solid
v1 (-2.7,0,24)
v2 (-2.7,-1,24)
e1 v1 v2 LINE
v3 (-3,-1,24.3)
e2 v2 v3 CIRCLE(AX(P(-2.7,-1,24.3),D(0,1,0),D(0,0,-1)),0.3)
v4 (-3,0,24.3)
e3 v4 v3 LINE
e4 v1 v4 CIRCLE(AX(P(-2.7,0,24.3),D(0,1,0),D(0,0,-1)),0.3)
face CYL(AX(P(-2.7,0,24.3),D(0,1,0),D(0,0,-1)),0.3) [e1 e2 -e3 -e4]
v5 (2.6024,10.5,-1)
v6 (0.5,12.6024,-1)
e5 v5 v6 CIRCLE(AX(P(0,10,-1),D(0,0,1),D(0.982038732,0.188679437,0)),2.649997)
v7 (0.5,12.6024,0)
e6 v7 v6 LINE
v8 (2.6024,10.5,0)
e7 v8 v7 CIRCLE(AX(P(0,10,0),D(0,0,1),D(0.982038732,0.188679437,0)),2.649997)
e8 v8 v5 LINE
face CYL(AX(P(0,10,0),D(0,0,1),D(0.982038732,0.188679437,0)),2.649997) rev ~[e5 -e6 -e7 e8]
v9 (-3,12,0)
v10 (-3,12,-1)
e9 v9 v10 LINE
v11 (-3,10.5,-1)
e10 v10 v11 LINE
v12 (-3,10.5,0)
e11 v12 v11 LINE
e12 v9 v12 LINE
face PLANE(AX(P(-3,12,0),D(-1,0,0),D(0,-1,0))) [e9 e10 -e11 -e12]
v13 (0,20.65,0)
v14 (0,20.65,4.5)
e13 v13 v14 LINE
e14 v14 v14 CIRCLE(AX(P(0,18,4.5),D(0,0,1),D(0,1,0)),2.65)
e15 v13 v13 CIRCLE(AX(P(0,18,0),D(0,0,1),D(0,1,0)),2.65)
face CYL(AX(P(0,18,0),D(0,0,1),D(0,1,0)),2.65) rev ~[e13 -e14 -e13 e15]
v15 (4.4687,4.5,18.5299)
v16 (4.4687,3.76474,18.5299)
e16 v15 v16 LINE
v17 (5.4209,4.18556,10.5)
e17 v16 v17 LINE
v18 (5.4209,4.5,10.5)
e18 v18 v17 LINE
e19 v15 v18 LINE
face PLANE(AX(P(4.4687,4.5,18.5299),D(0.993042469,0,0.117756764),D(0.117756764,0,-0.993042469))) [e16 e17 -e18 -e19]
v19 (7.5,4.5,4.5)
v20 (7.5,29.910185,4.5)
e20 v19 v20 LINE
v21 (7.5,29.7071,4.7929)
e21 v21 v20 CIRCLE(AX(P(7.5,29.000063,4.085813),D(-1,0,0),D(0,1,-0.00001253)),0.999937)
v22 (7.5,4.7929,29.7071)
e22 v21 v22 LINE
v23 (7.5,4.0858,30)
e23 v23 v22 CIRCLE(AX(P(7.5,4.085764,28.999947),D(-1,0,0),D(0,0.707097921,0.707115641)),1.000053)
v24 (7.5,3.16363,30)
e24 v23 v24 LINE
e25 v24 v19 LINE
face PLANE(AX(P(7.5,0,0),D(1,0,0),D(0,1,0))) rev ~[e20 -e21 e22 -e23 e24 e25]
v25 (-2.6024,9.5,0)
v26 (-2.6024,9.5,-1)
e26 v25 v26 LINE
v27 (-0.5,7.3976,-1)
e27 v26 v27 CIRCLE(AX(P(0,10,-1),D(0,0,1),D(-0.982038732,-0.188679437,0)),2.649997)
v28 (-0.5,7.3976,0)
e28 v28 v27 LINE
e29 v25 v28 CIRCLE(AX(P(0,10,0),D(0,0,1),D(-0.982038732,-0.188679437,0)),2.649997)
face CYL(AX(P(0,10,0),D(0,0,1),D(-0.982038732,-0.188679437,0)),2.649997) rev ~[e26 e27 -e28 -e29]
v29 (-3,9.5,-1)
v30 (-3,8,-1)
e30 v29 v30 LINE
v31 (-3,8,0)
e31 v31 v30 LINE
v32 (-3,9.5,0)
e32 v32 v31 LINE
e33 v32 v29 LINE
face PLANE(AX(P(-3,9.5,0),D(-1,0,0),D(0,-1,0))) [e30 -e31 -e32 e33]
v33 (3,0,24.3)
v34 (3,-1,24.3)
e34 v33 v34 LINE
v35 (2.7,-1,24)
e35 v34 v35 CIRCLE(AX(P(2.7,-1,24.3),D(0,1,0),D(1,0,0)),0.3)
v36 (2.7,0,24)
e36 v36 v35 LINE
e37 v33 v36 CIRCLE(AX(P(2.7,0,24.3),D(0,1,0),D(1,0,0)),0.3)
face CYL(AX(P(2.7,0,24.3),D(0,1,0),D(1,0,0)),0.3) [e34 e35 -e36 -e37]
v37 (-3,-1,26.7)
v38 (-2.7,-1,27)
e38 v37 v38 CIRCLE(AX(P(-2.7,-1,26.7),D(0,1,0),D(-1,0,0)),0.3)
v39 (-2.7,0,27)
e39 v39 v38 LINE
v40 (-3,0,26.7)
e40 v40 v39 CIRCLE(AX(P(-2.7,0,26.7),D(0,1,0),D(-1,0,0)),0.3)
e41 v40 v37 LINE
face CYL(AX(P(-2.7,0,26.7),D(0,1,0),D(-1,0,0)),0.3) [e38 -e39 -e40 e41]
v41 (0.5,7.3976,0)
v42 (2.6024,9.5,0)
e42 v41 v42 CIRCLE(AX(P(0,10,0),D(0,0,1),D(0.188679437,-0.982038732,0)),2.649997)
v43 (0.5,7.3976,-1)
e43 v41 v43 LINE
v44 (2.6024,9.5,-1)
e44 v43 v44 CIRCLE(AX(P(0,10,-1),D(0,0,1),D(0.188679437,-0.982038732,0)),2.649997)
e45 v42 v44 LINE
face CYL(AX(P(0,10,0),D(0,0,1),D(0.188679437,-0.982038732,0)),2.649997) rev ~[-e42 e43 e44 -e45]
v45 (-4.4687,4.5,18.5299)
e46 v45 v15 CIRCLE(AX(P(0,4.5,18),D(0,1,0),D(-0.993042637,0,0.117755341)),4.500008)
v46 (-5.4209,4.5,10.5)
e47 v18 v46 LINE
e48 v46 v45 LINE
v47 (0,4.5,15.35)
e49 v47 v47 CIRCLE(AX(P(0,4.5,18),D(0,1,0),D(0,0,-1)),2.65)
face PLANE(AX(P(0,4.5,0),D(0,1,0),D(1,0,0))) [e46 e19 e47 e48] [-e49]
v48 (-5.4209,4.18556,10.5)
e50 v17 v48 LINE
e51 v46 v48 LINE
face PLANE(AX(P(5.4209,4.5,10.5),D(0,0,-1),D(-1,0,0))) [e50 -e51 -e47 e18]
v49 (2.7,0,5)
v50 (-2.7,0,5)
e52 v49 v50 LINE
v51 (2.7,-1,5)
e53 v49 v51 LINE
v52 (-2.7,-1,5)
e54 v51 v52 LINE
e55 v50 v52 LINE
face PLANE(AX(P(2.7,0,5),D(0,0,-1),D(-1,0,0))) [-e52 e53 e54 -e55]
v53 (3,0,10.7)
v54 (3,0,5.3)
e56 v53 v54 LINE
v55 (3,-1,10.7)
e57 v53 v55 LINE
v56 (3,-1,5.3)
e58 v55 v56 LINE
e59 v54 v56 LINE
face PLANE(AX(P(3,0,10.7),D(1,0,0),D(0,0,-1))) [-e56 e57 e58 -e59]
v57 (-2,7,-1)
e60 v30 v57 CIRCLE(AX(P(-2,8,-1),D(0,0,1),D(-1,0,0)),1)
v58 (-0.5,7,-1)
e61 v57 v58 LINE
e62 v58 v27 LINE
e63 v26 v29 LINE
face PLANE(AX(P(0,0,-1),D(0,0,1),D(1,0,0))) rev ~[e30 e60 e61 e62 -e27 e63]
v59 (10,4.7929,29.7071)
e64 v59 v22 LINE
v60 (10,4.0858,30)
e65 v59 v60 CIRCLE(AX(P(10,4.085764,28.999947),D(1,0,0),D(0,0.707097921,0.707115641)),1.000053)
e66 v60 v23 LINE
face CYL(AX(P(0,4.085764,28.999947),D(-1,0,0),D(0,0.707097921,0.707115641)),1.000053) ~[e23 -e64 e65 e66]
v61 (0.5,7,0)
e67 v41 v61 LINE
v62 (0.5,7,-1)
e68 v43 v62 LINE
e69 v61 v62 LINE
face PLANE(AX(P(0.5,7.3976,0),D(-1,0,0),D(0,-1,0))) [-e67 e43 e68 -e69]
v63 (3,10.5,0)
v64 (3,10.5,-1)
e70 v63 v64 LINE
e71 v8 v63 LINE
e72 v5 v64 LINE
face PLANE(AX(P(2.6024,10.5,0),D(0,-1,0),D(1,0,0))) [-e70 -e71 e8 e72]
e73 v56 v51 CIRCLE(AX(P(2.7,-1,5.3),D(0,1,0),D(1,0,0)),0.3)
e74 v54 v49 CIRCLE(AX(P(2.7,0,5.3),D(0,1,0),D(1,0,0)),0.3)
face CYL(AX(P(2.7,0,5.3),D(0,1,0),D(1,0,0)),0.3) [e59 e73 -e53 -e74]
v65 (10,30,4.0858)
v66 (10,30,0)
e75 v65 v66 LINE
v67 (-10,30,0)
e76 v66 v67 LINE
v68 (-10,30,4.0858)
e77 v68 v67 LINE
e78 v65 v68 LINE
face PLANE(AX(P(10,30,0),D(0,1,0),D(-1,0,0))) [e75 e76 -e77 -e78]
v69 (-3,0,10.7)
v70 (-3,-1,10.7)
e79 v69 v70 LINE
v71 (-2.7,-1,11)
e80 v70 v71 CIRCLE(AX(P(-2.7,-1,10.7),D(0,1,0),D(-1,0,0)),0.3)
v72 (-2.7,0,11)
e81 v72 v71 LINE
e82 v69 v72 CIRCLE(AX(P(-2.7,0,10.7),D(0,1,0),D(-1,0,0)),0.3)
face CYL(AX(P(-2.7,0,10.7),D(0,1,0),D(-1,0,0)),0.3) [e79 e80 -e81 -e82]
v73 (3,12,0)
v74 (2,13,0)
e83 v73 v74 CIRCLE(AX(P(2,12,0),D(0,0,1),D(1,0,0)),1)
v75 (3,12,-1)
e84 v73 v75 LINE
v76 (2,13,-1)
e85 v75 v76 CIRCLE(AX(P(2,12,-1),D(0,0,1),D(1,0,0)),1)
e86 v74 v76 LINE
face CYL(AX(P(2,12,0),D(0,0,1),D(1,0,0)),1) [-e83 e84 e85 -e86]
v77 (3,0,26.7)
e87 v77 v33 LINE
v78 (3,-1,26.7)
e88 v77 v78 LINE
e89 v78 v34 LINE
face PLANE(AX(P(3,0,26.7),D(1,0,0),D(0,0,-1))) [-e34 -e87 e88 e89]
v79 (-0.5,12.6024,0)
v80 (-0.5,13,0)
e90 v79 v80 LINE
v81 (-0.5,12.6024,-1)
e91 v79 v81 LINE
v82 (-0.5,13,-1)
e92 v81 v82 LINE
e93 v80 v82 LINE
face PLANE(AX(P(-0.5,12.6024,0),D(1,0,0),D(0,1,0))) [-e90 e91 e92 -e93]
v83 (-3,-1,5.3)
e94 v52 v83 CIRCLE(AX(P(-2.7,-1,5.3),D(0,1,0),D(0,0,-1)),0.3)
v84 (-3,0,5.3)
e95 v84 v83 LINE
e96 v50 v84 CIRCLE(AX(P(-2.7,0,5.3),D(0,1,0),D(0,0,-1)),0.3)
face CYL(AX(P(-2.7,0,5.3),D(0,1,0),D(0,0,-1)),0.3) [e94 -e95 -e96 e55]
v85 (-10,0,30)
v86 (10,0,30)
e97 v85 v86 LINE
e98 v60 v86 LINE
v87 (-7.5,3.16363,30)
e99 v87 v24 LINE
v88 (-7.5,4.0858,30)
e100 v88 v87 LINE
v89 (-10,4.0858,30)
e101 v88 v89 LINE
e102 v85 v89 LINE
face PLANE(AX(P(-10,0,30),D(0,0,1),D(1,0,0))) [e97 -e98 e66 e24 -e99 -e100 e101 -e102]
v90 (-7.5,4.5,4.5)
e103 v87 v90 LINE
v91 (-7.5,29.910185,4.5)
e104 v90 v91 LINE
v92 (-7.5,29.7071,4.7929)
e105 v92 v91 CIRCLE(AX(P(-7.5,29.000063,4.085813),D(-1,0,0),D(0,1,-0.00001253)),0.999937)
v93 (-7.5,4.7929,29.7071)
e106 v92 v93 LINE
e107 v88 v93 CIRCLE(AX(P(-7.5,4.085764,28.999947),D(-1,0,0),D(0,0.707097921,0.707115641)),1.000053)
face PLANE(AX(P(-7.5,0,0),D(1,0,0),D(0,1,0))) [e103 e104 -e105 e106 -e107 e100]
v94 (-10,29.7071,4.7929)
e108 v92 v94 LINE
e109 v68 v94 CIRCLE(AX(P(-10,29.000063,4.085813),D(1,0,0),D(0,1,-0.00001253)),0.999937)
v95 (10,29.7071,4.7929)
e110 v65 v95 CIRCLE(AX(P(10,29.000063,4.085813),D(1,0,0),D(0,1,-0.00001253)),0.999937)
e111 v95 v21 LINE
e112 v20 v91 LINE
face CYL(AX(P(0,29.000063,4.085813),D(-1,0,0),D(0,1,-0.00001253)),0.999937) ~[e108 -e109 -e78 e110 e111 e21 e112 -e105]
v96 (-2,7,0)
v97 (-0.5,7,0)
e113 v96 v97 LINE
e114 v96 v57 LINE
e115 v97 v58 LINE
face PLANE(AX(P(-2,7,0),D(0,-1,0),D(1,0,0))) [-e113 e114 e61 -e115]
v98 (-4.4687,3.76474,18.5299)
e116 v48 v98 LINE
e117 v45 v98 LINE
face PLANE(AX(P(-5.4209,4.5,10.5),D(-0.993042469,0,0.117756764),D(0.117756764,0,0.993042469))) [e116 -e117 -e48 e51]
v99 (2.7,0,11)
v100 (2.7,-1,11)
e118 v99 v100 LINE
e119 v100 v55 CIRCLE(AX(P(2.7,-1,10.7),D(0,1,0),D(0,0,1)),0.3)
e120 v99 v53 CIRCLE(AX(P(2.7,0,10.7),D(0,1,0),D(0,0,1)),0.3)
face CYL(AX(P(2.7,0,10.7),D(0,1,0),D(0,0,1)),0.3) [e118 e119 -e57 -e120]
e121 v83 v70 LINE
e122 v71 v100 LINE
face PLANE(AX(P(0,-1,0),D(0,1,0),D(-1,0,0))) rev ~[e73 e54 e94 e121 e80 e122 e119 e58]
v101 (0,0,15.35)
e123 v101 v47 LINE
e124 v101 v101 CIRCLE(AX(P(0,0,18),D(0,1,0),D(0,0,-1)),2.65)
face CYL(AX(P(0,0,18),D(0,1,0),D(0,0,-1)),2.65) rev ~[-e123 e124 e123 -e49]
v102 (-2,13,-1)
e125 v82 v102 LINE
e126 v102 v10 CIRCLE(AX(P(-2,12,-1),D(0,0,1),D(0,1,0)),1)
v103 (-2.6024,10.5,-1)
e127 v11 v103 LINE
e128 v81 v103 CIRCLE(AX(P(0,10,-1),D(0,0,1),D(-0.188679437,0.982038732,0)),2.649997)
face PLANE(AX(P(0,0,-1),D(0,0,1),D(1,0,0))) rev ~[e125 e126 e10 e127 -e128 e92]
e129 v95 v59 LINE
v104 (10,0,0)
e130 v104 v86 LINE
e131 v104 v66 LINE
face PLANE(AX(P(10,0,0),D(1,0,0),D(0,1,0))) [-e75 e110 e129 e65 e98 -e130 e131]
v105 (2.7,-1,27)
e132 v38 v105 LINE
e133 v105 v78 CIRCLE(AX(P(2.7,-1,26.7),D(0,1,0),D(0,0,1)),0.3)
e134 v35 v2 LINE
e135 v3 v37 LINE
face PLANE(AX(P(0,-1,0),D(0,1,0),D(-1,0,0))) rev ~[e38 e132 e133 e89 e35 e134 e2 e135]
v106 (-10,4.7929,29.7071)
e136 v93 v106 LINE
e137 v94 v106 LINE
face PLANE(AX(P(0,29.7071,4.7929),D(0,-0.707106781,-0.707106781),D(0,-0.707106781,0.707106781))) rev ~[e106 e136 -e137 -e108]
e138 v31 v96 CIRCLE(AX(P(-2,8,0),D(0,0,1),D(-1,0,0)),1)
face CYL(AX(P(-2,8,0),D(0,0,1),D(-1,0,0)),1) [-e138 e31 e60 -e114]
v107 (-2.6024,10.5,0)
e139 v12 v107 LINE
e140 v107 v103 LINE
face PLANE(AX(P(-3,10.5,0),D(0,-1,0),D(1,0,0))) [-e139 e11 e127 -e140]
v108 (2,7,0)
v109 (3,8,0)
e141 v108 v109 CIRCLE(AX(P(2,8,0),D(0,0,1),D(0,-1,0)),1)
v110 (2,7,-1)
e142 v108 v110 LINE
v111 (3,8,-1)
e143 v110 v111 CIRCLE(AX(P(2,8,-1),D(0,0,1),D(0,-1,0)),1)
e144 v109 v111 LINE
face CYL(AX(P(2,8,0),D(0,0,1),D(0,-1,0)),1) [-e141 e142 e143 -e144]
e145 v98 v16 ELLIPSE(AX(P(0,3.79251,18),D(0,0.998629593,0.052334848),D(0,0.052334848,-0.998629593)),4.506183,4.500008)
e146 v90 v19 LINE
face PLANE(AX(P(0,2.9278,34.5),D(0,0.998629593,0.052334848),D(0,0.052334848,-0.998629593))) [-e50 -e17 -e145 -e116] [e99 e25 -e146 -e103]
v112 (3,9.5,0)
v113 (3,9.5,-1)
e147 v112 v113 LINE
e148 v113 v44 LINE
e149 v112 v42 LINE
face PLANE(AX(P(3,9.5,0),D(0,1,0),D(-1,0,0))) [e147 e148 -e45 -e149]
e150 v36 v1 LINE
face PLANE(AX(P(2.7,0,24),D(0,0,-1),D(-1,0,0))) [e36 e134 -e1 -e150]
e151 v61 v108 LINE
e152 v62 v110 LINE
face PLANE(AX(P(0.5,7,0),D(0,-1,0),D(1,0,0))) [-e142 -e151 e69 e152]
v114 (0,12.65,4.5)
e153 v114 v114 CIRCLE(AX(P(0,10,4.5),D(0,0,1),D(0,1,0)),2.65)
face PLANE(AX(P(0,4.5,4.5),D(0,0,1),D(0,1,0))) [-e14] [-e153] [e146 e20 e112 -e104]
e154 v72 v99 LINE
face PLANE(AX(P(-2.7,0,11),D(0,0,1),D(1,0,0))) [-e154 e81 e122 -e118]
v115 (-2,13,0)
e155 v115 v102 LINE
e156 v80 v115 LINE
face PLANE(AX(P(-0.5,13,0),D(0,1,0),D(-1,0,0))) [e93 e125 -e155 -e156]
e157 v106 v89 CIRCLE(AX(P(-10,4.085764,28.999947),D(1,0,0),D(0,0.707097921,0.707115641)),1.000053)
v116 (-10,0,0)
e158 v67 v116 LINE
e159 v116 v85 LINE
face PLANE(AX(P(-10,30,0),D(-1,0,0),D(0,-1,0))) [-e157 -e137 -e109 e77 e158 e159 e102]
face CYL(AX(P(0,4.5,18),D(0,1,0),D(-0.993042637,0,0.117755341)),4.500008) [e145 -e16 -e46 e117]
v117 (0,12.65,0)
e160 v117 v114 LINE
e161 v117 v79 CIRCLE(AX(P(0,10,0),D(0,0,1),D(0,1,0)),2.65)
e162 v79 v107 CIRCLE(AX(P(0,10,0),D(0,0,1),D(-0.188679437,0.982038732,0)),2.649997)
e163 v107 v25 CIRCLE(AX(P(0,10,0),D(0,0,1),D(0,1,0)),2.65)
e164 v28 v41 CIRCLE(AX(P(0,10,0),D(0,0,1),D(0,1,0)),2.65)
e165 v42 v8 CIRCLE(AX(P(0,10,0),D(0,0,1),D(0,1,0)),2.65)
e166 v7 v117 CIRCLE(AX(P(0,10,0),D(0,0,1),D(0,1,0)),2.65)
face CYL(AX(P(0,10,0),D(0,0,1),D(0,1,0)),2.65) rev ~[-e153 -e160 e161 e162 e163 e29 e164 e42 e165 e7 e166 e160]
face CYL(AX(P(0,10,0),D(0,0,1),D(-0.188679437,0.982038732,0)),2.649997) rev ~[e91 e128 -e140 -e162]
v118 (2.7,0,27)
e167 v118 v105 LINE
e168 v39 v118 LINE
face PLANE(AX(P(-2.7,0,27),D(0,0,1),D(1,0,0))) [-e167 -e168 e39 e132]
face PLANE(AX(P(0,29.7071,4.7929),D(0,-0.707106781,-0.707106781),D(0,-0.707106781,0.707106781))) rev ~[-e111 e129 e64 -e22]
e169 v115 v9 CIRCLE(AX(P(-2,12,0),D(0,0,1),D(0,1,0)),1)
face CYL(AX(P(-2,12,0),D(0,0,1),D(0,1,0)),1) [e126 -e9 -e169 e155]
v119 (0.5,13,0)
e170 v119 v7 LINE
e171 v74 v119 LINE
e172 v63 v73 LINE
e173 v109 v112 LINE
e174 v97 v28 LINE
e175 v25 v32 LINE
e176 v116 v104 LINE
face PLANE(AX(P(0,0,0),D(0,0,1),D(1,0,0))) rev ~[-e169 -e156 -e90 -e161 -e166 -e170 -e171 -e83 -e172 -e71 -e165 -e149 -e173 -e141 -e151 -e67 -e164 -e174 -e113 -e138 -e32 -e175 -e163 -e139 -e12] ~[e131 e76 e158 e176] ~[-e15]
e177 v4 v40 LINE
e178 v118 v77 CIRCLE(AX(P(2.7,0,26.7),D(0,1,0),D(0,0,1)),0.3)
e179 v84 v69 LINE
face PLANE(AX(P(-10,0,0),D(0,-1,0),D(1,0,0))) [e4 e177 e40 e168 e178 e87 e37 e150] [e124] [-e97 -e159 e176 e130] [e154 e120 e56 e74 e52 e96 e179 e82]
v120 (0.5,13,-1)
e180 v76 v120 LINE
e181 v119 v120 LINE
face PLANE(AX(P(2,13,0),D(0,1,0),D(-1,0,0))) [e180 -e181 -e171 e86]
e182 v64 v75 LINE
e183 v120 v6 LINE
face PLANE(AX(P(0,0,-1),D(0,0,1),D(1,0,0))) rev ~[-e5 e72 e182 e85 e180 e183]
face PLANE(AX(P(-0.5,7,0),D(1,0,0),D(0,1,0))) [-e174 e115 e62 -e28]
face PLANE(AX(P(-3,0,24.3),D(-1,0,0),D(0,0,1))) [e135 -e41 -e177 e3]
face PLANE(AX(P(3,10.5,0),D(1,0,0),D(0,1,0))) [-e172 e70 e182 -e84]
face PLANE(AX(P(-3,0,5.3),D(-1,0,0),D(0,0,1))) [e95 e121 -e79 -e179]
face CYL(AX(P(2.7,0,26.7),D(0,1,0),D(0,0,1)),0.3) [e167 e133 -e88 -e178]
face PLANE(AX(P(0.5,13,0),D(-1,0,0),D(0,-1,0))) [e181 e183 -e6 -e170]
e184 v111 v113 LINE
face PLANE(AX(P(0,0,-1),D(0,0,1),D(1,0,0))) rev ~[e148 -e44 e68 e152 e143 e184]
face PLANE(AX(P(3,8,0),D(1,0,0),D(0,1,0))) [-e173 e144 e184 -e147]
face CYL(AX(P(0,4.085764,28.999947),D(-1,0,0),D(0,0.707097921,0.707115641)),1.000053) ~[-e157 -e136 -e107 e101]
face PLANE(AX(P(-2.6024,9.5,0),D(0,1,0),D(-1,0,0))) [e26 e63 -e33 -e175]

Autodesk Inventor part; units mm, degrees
sketch "Sketch_15" plane through (0, 0, 0) normal (1, 0, 0) x (0, 1, 0)
  line L0 (0, 30) -> (0, 0)
  line L1 (0, 0) -> (30, 0)
  line L2 (30, 0) -> (30, 4.0858)
  arc A0 (30, 4.0858) -> (29.7071, 4.7929) centre (29, 4.0858) ccw
  line L3 (29.7071, 4.7929) -> (4.7929, 29.7071)
  arc A1 (4.7929, 29.7071) -> (4.0858, 30) centre (4.0858, 29) ccw
  line L4 (4.0858, 30) -> (0, 30)
extrude "Extrusion1" add sketch "Sketch_15" along normal mid plane 20
sketch "Sketch_16" plane through (0, 0, 0) normal (1, 0, 0) x (0, 1, 0)
  line L0 (2.9278, 34.5) -> (4.5, 4.5)
  line L1 (4.5, 4.5) -> (34.5, 4.5)
  line L2 (34.5, 4.5) -> (34.5, 34.5)
  line L3 (34.5, 34.5) -> (2.9278, 34.5)
extrude "Extrusion2" cut sketch "Sketch_16" along normal mid plane 15
sketch "Sketch_17" plane through (0, 4.5, 0) normal (0, 1, 0) x (1, 0, 0)
  line L0 (-5.4209, -10.5) -> (-4.4687, -18.5299)
  arc A0 (-4.4687, -18.5299) -> (4.4687, -18.5299) centre (0, -18) ccw
  line L1 (4.4687, -18.5299) -> (5.4209, -10.5)
  line L2 (5.4209, -10.5) -> (-5.4209, -10.5)
extrude "Extrusion3" add sketch "Sketch_17" against normal blind 2.25
sketch "Sketch4" plane through (10, 0, 0) normal (0, 0, -1) x (-1, 0, 0)
  point P0 (10, 18)
hole "Hole1" at (0, 18, 0) direction (0, 0, 1) diameter 5.3 depth 4.5
sketch "Sketch5" plane through (10, 0, 0) normal (0, 0, -1) x (-1, 0, 0)
  point P0 (10, 10)
hole "Hole2" at (0, 10, 0) direction (0, 0, 1) diameter 5.3 depth 4.5
sketch "Sketch6" plane through (-10, 0, 30) normal (0, -1, 0) x (1, 0, 0)
  point P0 (10, -12)
hole "Hole3" at (0, 0, 18) direction (0, 1, 0) diameter 5.3 depth 4.5
sketch "Sketch_1" plane through (0, 0, 0) normal (0, 1, 0) x (-1, 0, 0)
  line L0 (10, 0) -> (10, 30)
  line L1 (10, 30) -> (-10, 30)
  line L2 (-10, 30) -> (-10, 0)
  line L3 (-10, 0) -> (10, 0)
extrude "Extrusion4" add sketch "Sketch_1" against normal blind 1
sketch "Sketch_4" plane through (0, 0, 0) normal (0, 1, 0) x (-1, 0, 0)
  line L0 (10, 0) -> (10, 30)
  line L1 (10, 30) -> (-10, 30)
  line L2 (-10, 30) -> (-10, 0)
  line L3 (-10, 0) -> (10, 0)
  arc A0 (3, 10.7) -> (2.7, 11) centre (2.7, 10.7) ccw
  line L4 (2.7, 11) -> (-2.7, 11)
  arc A1 (-2.7, 11) -> (-3, 10.7) centre (-2.7, 10.7) ccw
  line L5 (-3, 10.7) -> (-3, 5.3)
  arc A2 (-3, 5.3) -> (-2.7, 5) centre (-2.7, 5.3) ccw
  line L6 (-2.7, 5) -> (2.7, 5)
  arc A3 (2.7, 5) -> (3, 5.3) centre (2.7, 5.3) ccw
  line L7 (3, 5.3) -> (3, 10.7)
  arc A4 (3, 26.7) -> (2.7, 27) centre (2.7, 26.7) ccw
  line L8 (2.7, 27) -> (-2.7, 27)
  arc A5 (-2.7, 27) -> (-3, 26.7) centre (-2.7, 26.7) ccw
  line L9 (-3, 26.7) -> (-3, 24.3)
  arc A6 (-3, 24.3) -> (-2.7, 24) centre (-2.7, 24.3) ccw
  line L10 (-2.7, 24) -> (2.7, 24)
  arc A7 (2.7, 24) -> (3, 24.3) centre (2.7, 24.3) ccw
  line L11 (3, 24.3) -> (3, 26.7)
extrude "Extrusion5" cut sketch "Sketch_4" against normal blind 1
sketch "Sketch_10" plane through (0, 0, 0) normal (0, 0, 1) x (1, 0, 0)
  line L0 (-10, 0) -> (10, 0)
  line L1 (10, 0) -> (10, 30)
  line L2 (10, 30) -> (-10, 30)
  line L3 (-10, 30) -> (-10, 0)
extrude "Extrusion6" add sketch "Sketch_10" against normal blind 1
sketch "Sketch_11" plane through (0, 0, 0) normal (0, 0, 1) x (1, 0, 0)
  line L0 (-10, 0) -> (10, 0)
  line L1 (10, 0) -> (10, 30)
  line L2 (10, 30) -> (-10, 30)
  line L3 (-10, 30) -> (-10, 0)
  line L4 (0.5, 7) -> (2, 7)
  arc A0 (2, 7) -> (3, 8) centre (2, 8) ccw
  line L5 (3, 8) -> (3, 9.5)
  line L6 (3, 9.5) -> (2.6024, 9.5)
  arc A1 (0.5, 7.3976) -> (2.6024, 9.5) centre (0, 10) ccw
  line L7 (0.5, 7.3976) -> (0.5, 7)
  line L8 (0.5, 13) -> (0.5, 12.6024)
  arc A2 (2.6024, 10.5) -> (0.5, 12.6024) centre (0, 10) ccw
  line L9 (2.6024, 10.5) -> (3, 10.5)
  line L10 (3, 10.5) -> (3, 12)
  arc A3 (3, 12) -> (2, 13) centre (2, 12) ccw
  line L11 (2, 13) -> (0.5, 13)
  line L12 (-3, 9.5) -> (-3, 8)
  arc A4 (-3, 8) -> (-2, 7) centre (-2, 8) ccw
  line L13 (-2, 7) -> (-0.5, 7)
  line L14 (-0.5, 7) -> (-0.5, 7.3976)
  arc A5 (-2.6024, 9.5) -> (-0.5, 7.3976) centre (0, 10) ccw
  line L15 (-2.6024, 9.5) -> (-3, 9.5)
  line L16 (-3, 10.5) -> (-2.6024, 10.5)
  arc A6 (-0.5, 12.6024) -> (-2.6024, 10.5) centre (0, 10) ccw
  line L17 (-0.5, 12.6024) -> (-0.5, 13)
  line L18 (-0.5, 13) -> (-2, 13)
  arc A7 (-2, 13) -> (-3, 12) centre (-2, 12) ccw
  line L19 (-3, 12) -> (-3, 10.5)
extrude "Extrusion7" cut sketch "Sketch_11" against normal blind 1
ref_plane "bracket_to_bolt_XY" through (1, 10, 0) normal (0, 0, 1) x (1, 0, 0)
ref_plane "bracket_to_bolt_YZ" through (1, 10, 0) normal (1, 0, 0) x (0, 1, 0)
ref_plane "bracket_to_bolt_ZX" through (1, 10, 0) normal (0, 1, 0) x (0, 0, 1)
ref_plane "bracket_to_dummy_XY" through (0, 0, 0) normal (0, 1, 0) x (1, 0, 0)
ref_plane "bracket_to_dummy_YZ" through (0, 0, 0) normal (1, 0, 0) x (0, 0, -1)
ref_plane "bracket_to_dummy_ZX" through (0, 0, 0) normal (0, 0, -1) x (0, 1, 0)
ref_plane "to_bolt_4_7_base_XY" through (0, 4.5, 18) normal (0, 1, 0) x (1, 0, 0)
ref_plane "to_bolt_4_7_base_YZ" through (0, 4.5, 18) normal (1, 0, 0) x (0, 0, -1)
ref_plane "to_bolt_4_7_base_ZX" through (0, 4.5, 18) normal (0, 0, -1) x (0, 1, 0)
ref_plane "to_bolt_row_4_to_7_XY" through (0, 18, 4.5) normal (0, 0, 1) x (1, 0, 0)
ref_plane "to_bolt_row_4_to_7_YZ" through (0, 18, 4.5) normal (1, 0, 0) x (0, 1, 0)
ref_plane "to_bolt_row_4_to_7_ZX" through (0, 18, 4.5) normal (0, 1, 0) x (0, 0, 1)
ref_plane "to_nut_base_4_7_XY" through (0, -2, 18) normal (0, 1, 0) x (1, 0, 0)
ref_plane "to_nut_base_4_7_YZ" through (0, -2, 18) normal (1, 0, 0) x (0, 0, -1)
ref_plane "to_nut_base_4_7_ZX" through (0, -2, 18) normal (0, 0, -1) x (0, 1, 0)
ref_plane "to_nut_row_4_to_7_XY" through (0, 18, -2) normal (0, 0, 1) x (1, 0, 0)
ref_plane "to_nut_row_4_to_7_YZ" through (0, 18, -2) normal (1, 0, 0) x (0, 1, 0)
ref_plane "to_nut_row_4_to_7_ZX" through (0, 18, -2) normal (0, 1, 0) x (0, 0, 1)
properties part number "HBLFSN5"
